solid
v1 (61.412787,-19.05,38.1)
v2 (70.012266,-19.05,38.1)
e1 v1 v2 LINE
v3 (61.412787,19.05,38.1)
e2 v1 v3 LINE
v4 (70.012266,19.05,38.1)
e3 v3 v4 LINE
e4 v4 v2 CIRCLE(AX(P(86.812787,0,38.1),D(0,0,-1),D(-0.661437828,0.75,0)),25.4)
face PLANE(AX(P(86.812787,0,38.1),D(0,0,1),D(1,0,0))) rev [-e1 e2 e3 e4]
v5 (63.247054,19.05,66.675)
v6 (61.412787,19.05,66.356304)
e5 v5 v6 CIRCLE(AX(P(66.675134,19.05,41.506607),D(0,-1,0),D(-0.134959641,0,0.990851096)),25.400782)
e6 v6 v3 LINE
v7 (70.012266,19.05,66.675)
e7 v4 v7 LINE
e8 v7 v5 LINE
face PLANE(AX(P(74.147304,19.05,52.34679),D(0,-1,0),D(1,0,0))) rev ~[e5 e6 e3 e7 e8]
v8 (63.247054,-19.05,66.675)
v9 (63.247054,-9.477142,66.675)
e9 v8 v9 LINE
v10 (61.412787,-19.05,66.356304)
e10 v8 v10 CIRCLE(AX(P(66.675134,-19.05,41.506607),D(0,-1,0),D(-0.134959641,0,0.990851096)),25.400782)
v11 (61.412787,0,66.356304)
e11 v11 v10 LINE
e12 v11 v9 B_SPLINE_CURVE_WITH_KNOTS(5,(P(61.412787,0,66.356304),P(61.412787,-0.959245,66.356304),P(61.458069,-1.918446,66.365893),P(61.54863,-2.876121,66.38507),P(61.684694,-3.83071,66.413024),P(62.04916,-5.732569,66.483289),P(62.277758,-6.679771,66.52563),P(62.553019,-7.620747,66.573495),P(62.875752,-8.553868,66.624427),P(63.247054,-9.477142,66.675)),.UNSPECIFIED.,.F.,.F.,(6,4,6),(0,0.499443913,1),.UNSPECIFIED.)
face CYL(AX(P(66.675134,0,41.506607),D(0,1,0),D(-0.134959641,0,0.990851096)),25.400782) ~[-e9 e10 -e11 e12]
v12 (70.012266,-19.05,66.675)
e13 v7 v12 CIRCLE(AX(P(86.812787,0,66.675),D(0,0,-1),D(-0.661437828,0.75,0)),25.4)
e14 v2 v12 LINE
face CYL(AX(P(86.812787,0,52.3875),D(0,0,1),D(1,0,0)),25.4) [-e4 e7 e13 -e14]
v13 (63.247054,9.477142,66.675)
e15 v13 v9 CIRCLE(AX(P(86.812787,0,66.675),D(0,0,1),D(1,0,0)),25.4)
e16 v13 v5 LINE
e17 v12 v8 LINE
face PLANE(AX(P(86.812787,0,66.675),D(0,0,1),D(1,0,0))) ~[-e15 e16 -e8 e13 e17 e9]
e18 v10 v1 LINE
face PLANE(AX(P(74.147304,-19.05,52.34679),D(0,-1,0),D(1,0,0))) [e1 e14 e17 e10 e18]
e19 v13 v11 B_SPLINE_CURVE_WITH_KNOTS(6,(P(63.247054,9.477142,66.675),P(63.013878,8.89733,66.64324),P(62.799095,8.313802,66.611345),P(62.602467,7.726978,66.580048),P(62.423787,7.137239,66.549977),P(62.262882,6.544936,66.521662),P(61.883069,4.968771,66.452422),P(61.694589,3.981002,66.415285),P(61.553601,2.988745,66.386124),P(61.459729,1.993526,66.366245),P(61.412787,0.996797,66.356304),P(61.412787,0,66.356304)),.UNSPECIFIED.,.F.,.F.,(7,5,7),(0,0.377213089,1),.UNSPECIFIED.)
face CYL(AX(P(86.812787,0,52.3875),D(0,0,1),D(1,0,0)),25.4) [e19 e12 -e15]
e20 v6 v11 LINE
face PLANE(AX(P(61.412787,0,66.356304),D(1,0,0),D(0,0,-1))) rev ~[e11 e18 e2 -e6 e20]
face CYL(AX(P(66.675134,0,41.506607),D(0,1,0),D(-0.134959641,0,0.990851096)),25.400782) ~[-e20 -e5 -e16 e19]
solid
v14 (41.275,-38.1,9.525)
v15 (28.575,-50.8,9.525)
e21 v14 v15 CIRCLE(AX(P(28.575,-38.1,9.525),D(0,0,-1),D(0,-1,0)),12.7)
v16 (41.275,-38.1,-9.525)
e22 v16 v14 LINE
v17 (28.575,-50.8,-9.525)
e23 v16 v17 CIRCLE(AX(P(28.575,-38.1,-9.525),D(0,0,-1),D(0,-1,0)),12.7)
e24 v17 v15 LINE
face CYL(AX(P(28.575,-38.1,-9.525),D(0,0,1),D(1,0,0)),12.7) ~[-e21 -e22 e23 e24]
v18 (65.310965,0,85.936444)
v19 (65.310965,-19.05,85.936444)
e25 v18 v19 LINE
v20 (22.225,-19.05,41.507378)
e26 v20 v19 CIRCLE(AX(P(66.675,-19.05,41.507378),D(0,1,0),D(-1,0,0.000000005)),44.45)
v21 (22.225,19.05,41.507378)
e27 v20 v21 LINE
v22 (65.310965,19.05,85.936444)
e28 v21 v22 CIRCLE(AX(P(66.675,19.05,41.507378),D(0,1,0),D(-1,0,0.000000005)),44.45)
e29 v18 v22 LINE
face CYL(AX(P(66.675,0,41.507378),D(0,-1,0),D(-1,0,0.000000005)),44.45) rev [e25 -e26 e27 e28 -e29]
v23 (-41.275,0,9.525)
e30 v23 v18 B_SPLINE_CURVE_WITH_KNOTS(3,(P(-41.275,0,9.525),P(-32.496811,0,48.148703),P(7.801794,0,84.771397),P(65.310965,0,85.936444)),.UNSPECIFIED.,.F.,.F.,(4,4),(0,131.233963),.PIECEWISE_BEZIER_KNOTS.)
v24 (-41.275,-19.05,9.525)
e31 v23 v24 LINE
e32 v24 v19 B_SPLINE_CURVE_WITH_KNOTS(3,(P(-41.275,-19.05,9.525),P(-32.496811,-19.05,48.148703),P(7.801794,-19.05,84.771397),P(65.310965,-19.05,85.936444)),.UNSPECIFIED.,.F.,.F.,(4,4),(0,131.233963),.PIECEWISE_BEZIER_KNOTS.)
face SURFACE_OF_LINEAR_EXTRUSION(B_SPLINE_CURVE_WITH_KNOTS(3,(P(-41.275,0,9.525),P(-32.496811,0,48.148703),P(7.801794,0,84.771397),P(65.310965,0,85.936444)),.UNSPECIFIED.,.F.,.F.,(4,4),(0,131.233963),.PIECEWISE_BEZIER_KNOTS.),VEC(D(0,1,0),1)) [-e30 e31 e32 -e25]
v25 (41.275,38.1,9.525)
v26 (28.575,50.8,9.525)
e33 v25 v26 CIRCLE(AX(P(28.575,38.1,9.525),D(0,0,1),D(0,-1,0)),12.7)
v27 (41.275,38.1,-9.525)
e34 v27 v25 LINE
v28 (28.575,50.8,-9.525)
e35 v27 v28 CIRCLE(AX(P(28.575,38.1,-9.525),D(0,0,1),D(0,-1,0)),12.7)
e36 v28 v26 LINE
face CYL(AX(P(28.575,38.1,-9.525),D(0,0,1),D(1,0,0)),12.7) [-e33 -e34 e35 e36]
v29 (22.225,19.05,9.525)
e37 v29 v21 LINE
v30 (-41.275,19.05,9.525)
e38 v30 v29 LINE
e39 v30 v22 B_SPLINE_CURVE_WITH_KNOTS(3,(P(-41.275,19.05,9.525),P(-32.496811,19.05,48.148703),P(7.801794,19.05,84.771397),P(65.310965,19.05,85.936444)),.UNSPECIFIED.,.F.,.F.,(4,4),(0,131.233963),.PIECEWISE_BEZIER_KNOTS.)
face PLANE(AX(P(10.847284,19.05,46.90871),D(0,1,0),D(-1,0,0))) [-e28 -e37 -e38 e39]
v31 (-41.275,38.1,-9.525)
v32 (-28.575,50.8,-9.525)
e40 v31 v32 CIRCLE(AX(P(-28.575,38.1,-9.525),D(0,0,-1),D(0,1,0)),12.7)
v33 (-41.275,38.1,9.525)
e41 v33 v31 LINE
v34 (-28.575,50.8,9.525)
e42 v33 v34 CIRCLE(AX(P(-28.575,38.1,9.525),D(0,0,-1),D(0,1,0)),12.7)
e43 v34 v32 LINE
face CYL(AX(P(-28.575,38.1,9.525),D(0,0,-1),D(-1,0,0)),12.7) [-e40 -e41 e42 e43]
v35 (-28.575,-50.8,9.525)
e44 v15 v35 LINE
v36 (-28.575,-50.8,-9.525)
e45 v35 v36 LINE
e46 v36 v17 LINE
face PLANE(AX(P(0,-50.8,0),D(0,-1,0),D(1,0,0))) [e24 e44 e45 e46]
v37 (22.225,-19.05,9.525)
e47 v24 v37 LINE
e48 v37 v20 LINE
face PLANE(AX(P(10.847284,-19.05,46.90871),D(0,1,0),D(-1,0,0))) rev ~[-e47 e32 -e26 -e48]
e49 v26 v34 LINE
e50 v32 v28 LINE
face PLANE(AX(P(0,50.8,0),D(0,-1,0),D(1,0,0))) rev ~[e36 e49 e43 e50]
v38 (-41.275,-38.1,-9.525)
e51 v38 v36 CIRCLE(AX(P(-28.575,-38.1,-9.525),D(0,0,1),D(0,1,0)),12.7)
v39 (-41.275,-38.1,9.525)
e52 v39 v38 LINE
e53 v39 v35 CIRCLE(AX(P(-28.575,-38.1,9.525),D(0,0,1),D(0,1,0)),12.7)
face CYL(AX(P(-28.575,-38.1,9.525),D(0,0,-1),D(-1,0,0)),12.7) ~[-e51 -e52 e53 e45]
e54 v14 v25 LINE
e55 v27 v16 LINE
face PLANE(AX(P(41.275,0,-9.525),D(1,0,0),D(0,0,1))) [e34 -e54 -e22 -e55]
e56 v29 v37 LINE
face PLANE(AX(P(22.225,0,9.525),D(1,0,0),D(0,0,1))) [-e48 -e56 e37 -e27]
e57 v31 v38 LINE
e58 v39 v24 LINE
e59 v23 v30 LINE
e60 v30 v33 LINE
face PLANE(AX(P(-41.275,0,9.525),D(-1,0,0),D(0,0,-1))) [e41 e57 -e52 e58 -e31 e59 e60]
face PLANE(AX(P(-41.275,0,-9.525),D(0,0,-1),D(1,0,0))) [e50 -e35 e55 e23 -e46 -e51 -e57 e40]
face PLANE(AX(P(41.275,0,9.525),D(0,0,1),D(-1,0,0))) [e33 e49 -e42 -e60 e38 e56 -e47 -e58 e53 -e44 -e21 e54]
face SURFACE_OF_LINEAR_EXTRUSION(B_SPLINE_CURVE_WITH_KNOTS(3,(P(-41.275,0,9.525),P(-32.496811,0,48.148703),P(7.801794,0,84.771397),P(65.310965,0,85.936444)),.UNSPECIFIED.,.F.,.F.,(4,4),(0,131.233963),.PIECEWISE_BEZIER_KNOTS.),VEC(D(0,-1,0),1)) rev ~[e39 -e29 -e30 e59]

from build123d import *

# Parameters (mm, degrees)
F1_DEPTH = 50.8
F2_DEPTH = 19.05
F0_W     = 25.4
F0_H     = 28.575
F4_R     = 12.7


with BuildPart() as f1:
    # F0 (on Front) → F1 (new body, symmetric)
    with BuildSketch(Plane.XZ):
        Polygon((-41.275, 9.525), (-41.275, -9.525), (41.275, -9.525), (41.275, 9.525), (22.225, 9.525), align=None)
    extrude(amount=F1_DEPTH, both=True)

    # F0 (on Front) → F2 (join, symmetric)
    with BuildSketch(Plane.XZ):
        with BuildLine():
            ThreePointArc((63.247054, 66.675), (62.327, 66.532463), (61.412787, 66.356304))
            Line((61.412787, 66.356304), (61.412787, 38.1))
            Line((61.412787, 38.1), (86.812787, 38.1))
            Line((86.812787, 38.1), (86.812787, 66.675))
            Line((86.812787, 66.675), (63.247054, 66.675))
        make_face()
        with BuildLine():
            add(Edge.make_bspline(
                [(-41.275, 9.525), (-32.496811, 48.148703), (7.801794, 84.771397), (65.310965, 85.936444)],
                knots=[0, 0, 0, 0, 131.233963, 131.233963, 131.233963, 131.233963], degree=3))
            Line((-41.275, 9.525), (22.225, 9.525))
            Line((22.225, 9.525), (22.225, 41.507378))
            ThreePointArc((22.225, 41.507378), (34.765489, 72.452258), (65.310965, 85.936444))
        make_face()
    extrude(amount=F2_DEPTH, both=True)

    # F0 (on Front) → F3 (revolve)
    with BuildSketch(Plane.XZ):
        with Locations((99.512787, 52.3875)):
            Rectangle(F0_W, F0_H)
    revolve(axis=Axis((86.812787, 0, 62.028689), (0, 0, 1)))

    # F4
    f4_edges = [f1.edges().sort_by_distance(p)[0] for p in [
        (-41.275, -50.8, 0),
        (41.275, -50.8, 0),
        (41.275, 50.8, 0),
        (-41.275, 50.8, 0),
    ]]
    fillet(f4_edges, radius=F4_R)


solid = f1.part
